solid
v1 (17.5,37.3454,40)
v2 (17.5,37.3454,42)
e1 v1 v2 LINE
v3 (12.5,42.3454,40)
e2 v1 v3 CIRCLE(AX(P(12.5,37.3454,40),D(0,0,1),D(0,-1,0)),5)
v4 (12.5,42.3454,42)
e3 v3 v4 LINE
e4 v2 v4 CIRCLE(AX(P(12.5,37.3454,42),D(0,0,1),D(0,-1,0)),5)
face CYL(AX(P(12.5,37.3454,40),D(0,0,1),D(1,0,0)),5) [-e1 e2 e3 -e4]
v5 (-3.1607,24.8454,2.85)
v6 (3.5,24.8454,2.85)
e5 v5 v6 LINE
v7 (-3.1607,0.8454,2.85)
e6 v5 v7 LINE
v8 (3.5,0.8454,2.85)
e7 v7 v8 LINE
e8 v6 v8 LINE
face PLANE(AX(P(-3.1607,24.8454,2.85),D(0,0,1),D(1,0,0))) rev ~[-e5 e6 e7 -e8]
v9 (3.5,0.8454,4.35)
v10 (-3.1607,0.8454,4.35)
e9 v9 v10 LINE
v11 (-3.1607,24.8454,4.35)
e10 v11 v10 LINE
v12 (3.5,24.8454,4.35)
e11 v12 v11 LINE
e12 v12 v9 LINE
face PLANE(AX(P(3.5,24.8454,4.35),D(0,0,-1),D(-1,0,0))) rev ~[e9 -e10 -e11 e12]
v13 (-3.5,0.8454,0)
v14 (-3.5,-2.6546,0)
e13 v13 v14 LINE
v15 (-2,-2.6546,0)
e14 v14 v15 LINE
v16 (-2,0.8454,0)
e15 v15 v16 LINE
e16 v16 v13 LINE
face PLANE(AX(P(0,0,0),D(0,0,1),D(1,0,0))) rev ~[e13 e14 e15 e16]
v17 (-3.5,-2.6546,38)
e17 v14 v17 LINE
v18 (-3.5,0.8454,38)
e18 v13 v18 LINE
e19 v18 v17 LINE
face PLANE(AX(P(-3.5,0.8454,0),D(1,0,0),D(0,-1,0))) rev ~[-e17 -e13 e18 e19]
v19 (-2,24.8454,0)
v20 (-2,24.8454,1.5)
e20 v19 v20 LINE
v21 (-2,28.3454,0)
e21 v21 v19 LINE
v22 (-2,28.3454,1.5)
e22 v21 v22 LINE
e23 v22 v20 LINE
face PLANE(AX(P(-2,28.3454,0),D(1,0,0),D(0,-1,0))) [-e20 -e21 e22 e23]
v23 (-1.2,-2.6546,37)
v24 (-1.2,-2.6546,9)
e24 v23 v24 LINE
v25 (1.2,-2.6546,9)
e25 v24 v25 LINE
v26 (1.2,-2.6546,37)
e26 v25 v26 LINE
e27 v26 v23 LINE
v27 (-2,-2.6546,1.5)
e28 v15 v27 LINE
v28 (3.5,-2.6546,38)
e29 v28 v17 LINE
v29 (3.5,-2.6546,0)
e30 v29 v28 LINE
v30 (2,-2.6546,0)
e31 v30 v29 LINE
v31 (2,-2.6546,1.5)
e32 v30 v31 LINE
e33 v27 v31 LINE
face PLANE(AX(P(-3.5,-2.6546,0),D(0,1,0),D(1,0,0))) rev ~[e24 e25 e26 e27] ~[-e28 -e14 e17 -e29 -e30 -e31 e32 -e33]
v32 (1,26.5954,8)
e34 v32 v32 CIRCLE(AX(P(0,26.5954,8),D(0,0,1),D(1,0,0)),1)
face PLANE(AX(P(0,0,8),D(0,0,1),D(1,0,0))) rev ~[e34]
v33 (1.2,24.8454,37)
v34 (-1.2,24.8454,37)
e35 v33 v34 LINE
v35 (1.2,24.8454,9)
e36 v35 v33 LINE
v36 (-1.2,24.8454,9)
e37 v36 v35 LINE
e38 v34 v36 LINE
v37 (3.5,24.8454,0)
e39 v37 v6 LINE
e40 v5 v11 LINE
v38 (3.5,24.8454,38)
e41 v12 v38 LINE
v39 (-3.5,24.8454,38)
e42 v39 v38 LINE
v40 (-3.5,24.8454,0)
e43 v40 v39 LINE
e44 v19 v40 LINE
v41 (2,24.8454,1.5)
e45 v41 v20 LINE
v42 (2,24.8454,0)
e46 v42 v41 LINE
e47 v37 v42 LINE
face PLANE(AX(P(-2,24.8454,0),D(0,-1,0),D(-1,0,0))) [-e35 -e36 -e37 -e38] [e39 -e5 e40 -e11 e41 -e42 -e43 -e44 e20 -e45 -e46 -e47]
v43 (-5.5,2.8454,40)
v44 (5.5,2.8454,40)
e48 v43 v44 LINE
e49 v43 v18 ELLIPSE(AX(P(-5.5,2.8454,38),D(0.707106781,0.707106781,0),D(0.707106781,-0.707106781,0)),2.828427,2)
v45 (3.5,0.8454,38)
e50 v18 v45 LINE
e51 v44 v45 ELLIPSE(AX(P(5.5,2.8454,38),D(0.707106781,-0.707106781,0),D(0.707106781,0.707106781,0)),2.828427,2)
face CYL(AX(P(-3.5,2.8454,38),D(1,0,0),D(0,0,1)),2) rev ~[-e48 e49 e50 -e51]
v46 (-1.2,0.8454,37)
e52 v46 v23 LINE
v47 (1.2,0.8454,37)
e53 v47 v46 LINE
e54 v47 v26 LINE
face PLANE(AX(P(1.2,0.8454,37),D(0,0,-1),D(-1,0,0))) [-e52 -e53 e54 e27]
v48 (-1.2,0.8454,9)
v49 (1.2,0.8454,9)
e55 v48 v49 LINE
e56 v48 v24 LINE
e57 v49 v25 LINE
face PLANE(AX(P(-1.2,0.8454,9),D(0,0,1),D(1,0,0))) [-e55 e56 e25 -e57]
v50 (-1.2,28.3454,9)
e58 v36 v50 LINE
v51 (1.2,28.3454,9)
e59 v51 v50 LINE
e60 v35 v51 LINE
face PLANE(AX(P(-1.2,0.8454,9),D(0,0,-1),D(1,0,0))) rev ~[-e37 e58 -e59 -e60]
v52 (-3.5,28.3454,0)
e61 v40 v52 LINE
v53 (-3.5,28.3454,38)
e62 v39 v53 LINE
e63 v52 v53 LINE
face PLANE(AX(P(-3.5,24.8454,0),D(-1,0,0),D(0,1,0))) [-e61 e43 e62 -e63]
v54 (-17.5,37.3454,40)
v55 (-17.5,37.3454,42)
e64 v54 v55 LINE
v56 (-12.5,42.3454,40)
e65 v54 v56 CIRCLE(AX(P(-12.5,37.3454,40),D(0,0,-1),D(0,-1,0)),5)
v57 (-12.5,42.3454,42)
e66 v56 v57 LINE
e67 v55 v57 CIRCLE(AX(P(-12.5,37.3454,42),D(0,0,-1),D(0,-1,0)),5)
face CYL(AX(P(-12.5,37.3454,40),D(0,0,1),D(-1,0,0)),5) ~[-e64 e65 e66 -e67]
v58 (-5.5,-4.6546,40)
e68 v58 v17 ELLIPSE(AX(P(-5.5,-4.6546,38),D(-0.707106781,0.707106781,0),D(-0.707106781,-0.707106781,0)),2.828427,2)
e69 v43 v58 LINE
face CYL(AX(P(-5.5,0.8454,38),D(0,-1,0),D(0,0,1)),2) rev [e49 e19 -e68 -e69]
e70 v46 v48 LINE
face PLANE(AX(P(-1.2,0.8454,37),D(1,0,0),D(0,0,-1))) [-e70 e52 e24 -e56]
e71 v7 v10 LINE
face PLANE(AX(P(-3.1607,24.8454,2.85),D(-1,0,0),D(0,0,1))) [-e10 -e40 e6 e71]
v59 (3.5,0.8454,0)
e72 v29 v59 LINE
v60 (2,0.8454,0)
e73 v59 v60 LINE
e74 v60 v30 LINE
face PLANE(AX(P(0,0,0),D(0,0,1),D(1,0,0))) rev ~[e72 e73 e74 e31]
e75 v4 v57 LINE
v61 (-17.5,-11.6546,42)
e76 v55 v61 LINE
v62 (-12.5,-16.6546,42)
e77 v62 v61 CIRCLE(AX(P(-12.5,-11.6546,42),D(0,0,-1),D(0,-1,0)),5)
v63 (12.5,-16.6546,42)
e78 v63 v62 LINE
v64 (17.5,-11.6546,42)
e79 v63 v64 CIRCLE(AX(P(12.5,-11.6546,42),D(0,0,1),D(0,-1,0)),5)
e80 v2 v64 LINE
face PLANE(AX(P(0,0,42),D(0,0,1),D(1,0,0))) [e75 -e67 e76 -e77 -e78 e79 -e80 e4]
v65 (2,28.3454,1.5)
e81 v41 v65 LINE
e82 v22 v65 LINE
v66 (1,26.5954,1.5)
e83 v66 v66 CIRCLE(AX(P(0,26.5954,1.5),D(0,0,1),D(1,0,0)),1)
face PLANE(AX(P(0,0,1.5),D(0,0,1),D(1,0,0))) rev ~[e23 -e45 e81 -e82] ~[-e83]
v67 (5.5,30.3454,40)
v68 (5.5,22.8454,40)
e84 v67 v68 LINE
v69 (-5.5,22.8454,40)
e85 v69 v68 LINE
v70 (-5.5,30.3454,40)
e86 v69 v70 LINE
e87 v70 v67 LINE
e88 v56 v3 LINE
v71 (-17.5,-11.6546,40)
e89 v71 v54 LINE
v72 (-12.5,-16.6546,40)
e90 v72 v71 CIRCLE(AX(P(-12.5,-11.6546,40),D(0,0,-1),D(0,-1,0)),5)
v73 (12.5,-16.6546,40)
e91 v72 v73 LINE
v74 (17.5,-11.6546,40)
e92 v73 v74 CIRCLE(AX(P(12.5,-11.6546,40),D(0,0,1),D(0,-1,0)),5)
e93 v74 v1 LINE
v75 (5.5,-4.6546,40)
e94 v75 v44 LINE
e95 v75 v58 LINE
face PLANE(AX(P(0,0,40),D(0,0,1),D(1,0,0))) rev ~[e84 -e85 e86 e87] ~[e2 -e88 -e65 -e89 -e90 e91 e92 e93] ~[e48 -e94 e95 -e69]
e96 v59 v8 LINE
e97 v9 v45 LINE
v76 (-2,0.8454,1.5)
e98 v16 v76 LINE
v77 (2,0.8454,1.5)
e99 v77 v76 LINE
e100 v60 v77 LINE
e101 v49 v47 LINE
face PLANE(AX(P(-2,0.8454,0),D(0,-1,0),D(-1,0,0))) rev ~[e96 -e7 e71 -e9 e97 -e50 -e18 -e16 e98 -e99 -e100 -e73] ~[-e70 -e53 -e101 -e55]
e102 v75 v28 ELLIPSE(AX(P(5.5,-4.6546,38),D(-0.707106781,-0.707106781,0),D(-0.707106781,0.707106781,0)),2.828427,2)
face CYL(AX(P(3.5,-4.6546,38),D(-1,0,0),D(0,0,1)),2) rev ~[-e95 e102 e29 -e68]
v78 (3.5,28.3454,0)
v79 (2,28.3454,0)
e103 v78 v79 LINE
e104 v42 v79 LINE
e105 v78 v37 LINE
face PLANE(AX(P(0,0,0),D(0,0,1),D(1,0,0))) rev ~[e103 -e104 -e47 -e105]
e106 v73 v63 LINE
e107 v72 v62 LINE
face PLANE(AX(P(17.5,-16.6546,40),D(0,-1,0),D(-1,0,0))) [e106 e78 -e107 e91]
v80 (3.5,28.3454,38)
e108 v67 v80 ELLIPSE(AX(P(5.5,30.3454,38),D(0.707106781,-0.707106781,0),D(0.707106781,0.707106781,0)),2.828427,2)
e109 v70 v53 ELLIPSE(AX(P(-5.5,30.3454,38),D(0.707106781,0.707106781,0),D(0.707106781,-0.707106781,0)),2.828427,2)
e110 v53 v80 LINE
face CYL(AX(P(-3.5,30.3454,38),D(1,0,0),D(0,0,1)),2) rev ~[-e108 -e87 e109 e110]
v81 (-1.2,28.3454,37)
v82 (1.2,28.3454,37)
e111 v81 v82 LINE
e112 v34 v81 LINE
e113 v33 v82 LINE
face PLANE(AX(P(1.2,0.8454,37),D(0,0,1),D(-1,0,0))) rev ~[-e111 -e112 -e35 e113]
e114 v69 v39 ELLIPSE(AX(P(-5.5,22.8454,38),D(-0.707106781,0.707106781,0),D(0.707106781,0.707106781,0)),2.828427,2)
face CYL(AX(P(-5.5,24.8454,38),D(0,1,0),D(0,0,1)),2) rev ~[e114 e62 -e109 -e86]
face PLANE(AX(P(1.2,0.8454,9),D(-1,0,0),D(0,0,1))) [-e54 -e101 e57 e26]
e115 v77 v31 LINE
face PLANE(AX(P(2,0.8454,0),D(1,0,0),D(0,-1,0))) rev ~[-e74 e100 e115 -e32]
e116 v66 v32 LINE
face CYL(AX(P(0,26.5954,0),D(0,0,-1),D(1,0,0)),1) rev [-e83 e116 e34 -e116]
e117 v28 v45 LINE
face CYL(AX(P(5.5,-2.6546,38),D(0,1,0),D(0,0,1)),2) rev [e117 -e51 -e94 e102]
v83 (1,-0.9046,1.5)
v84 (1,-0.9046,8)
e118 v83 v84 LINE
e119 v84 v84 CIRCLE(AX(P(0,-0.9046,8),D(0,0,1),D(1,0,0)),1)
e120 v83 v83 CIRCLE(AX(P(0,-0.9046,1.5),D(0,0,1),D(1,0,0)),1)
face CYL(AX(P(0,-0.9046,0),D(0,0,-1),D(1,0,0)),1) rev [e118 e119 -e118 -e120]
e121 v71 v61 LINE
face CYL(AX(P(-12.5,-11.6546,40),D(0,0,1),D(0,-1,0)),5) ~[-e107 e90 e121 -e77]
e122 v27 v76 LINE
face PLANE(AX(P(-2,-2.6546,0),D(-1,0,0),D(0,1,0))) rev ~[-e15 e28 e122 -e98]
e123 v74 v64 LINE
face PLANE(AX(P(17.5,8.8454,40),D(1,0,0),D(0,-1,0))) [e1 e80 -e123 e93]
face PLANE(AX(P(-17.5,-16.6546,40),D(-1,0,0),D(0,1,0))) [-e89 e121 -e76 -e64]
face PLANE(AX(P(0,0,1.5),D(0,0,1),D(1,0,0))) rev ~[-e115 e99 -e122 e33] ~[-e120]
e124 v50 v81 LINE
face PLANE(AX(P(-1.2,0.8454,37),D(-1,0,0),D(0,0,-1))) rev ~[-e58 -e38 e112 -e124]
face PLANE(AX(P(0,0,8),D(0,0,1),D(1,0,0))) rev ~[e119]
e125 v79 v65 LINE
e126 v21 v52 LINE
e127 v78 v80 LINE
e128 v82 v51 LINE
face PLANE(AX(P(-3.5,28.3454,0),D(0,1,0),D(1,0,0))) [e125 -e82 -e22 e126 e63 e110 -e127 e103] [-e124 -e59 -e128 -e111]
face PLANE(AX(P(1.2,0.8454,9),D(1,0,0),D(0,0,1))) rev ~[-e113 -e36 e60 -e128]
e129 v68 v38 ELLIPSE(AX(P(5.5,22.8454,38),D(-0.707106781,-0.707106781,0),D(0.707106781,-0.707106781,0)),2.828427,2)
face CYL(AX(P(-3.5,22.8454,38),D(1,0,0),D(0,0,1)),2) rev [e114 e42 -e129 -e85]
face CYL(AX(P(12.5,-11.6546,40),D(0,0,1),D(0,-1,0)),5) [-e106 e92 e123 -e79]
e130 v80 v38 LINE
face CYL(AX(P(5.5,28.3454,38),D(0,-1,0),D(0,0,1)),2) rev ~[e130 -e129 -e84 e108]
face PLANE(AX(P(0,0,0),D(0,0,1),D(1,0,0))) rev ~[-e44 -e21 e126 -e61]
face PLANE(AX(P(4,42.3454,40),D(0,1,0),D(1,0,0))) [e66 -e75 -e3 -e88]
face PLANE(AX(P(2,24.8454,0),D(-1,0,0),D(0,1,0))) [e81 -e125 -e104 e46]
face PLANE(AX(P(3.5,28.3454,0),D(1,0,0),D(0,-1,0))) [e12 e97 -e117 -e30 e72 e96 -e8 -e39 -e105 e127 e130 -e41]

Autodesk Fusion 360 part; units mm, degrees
sketch "Sketch1" plane through (0, 0, 0) normal (0, 0, 1) x (1, 0, 0)
  line L0 (-3.5, -2.6546) -> (3.5, -2.6546)
  line L1 (3.5, -2.6546) -> (3.5, 0.8454)
  line L2 (3.5, 0.8454) -> (-3.5, 0.8454)
  line L3 (-3.5, 0.8454) -> (-3.5, -2.6546)
  circle A0 centre (0, -0.9046) radius 1
  line L4 (-6.5474, 12.8454) -> (3.4526, 12.8454) construction
  line L5 (-3.5, 28.3454) -> (3.5, 28.3454)
  line L6 (-3.5, 24.8454) -> (-3.5, 28.3454)
  circle A1 centre (0, 26.5954) radius 1
  line L7 (3.5, 28.3454) -> (3.5, 24.8454)
  line L8 (3.5, 24.8454) -> (-3.5, 24.8454)
  line L9 (-2, 0.8454) -> (2, 0.8454)
  line L10 (2, 0.8454) -> (2, -2.6546)
  line L11 (2, -2.6546) -> (-2, -2.6546)
  line L12 (-2, -2.6546) -> (-2, 0.8454)
  line L13 (-2, 0.8454) -> (2, -2.6546) construction
  line L14 (2, 0.8454) -> (-2, -2.6546) construction
  line L15 (-2, 28.3454) -> (-2, 24.8454)
  line L16 (2, 24.8454) -> (2, 28.3454)
  line L17 (2, 28.3454) -> (-2, 28.3454)
  line L18 (-2, 24.8454) -> (2, 24.8454)
  point P0 (0, 0.8454)
  point P1 (3.5, -0.9046)
  point P2 (3.5, 26.5954)
  point P3 (0, 24.8454)
  point P4 (0, 25.6909)
  point P5 (0, -0.9046)
  dimension "d1" = 2
  dimension "d2" = 3.5
  dimension "d3" = 7
  dimension "d4" = 10
  dimension "d5" = 12
  dimension "d30" = 4
extrude "Extrude1" add sketch "Sketch1" along normal blind 40 contours L0 L2 L3 L12 | L0 L2 L9 L10 L11 L12 | L0 L1 L2 L10 | A0 | L5 L6 L8 L15 | L5 L8 L15 L16 L17 L18 | L5 L7 L8 L16 | A1 makes body 1 at (1.1667, 0.8454, 13.3333) makes body 2 at (-1.1667, 28.3454, 13.3333)
extrude "Extrude2" cut sketch "Sketch1" along normal blind 8 contours A0 | A1 bodies 1 2
sketch "Sketch2" plane through (0, 0.8454, 0) normal (0, 1, 0) x (-1, 0, 0)
  line L0 (-3.5, 0) -> (3.5, 0)
  line L1 (3.5, 0) -> (3.5, 40)
  line L2 (3.5, 40) -> (-3.5, 40)
  line L3 (-3.5, 40) -> (-3.5, 0)
  line L4 (-1.2, 37) -> (1.2, 37)
  line L5 (1.2, 37) -> (1.2, 9)
  line L6 (1.2, 9) -> (-1.2, 9)
  line L7 (-1.2, 9) -> (-1.2, 37)
  line L8 (3.5, 0) -> (-3.5, 0)
  dimension "d10" = 2.3
  dimension "d11" = 2.3
  dimension "d12" = 9
  dimension "d13" = 3
extrude "Extrude3" cut sketch "Sketch2" along normal through all and the other way through all contours L4 L5 L6 L7 bodies 2
sketch "Sketch3" plane through (0, 0, 0) normal (0, 0, 1) x (1, 0, 0)
  line L0 (17.5, -16.6546) -> (-17.5, -16.6546)
  line L1 (-17.5, -16.6546) -> (-17.5, 42.3454)
  line L2 (-17.5, 42.3454) -> (17.5, 42.3454)
  line L3 (17.5, 42.3454) -> (17.5, -16.6546)
  line L4 (-3.5, -2.6546) -> (3.5, -2.6546)
  line L5 (-3.5, 0.8454) -> (-3.5, -2.6546)
  line L6 (-3.5, 28.3454) -> (3.5, 28.3454)
  line L7 (-4, -16.6546) -> (4, -16.6546)
  line L8 (4, -16.6546) -> (4, -34.6546)
  line L9 (4, -34.6546) -> (-4, -34.6546)
  line L10 (-4, -34.6546) -> (-4, -16.6546)
  line L11 (-4, 42.3454) -> (4, 42.3454)
  line L12 (4, 42.3454) -> (4, 60.3454)
  line L13 (4, 60.3454) -> (-4, 60.3454)
  line L14 (-4, 60.3454) -> (-4, 42.3454)
  line L15 (17.5, 8.8454) -> (35.5, 8.8454)
  line L16 (35.5, 8.8454) -> (35.5, 16.8454)
  line L17 (35.5, 16.8454) -> (17.5, 16.8454)
  line L18 (17.5, 16.8454) -> (17.5, 8.8454)
  line L19 (-17.5, 8.8454) -> (-35.5, 8.8454)
  line L20 (-35.5, 8.8454) -> (-35.5, 16.8454)
  line L21 (-35.5, 16.8454) -> (-17.5, 16.8454)
  line L22 (-17.5, 16.8454) -> (-17.5, 8.8454)
  point P0 (3.5, -0.9046)
  point P1 (0, -34.6546)
  point P2 (-35.5, 12.8454)
  point P3 (35.5, 12.8454)
  point P4 (0, 60.3454)
  point P5 (-17.5, 12.8454)
  dimension "d15" = 14
  dimension "d16" = 14
  dimension "d17" = 14
  dimension "d18" = 14
  dimension "d43" = 8
  dimension "d44" = 18
extrude "Extrude4" add sketch "Sketch3" along normal blind 2 from surface at 40 contours L0 L1 L2 L3 L7 L11 L18 L22 bodies 1 2
fillet "Fillet1" radius 5 4 edges at (-17.5, -16.6546, 41) (-17.5, 42.3454, 41) (17.5, 42.3454, 41) (17.5, -16.6546, 41) on bodies 1
fillet "Fillet1" radius 2 8 edges at (0, 28.3454, 40) (-3.5, 26.5954, 40) (3.5, 26.5954, 40) (0, 24.8454, 40) (3.5, -0.9046, 40) (0, -2.6546, 40) (-3.5, -0.9046, 40) (0, 0.8454, 40) on bodies 1
extrude "Extrude5" cut sketch "Sketch2" against normal blind 8 contours L4 L5 L6 L7 bodies 1
extrude "Extrude6" cut sketch "Sketch1" along normal blind 1.5 contours L0 L2 L9 L10 L11 L12 | L5 L8 L15 L16 L17 L18 bodies 1
sketch "Sketch4" plane through (0, 24.8454, 0) normal (0, -1, 0) x (1, 0, 0)
  line L0 (-1.2, 9) -> (-1.2, 37)
  line L1 (-1.2, 37) -> (1.2, 37)
  line L2 (1.2, 37) -> (1.2, 9)
  line L3 (1.2, 9) -> (-1.2, 9)
  line L4 (-2, 0) -> (-2, 1.5)
  line L5 (-2, 1.5) -> (2, 1.5)
  line L6 (2, 1.5) -> (2, 0)
  line L7 (2, 0) -> (3.5, 0)
  line L8 (3.5, 0) -> (3.5, 38)
  line L9 (3.5, 38) -> (-3.5, 38)
  line L10 (-3.5, 38) -> (-3.5, 0)
  line L11 (-3.5, 0) -> (-2, 0)
  line L12 (3.5, 4.35) -> (-3.5, 4.35)
  line L13 (-3.5, 4.35) -> (-3.5, 2.85)
  line L14 (-3.5, 2.85) -> (3.5, 2.85)
  line L15 (3.5, 2.85) -> (3.5, 4.35)
  line L16 (-3.5, 2.85) -> (-3.1607, 2.85)
  line L17 (-3.1607, 2.85) -> (-3.1607, 4.35)
  line L18 (-3.1607, 4.35) -> (-3.5, 4.35)
  line L19 (-3.5, 4.35) -> (-3.5, 2.85)
  point P0 (3.5, 0)
  dimension "d40" = 1.5
  dimension "d42" = 2.85
extrude "Extrude7" add sketch "Sketch4" along normal up to surface (24 mm away) contours L8 L12 L14 L15 L17 bodies 1
equation "d11 = d10"
equation "d16 = d15"
equation "d17 = d16"
equation "d18 = d15"
equation "d34 = 1.5 mm"
equation "d40 = d34"
